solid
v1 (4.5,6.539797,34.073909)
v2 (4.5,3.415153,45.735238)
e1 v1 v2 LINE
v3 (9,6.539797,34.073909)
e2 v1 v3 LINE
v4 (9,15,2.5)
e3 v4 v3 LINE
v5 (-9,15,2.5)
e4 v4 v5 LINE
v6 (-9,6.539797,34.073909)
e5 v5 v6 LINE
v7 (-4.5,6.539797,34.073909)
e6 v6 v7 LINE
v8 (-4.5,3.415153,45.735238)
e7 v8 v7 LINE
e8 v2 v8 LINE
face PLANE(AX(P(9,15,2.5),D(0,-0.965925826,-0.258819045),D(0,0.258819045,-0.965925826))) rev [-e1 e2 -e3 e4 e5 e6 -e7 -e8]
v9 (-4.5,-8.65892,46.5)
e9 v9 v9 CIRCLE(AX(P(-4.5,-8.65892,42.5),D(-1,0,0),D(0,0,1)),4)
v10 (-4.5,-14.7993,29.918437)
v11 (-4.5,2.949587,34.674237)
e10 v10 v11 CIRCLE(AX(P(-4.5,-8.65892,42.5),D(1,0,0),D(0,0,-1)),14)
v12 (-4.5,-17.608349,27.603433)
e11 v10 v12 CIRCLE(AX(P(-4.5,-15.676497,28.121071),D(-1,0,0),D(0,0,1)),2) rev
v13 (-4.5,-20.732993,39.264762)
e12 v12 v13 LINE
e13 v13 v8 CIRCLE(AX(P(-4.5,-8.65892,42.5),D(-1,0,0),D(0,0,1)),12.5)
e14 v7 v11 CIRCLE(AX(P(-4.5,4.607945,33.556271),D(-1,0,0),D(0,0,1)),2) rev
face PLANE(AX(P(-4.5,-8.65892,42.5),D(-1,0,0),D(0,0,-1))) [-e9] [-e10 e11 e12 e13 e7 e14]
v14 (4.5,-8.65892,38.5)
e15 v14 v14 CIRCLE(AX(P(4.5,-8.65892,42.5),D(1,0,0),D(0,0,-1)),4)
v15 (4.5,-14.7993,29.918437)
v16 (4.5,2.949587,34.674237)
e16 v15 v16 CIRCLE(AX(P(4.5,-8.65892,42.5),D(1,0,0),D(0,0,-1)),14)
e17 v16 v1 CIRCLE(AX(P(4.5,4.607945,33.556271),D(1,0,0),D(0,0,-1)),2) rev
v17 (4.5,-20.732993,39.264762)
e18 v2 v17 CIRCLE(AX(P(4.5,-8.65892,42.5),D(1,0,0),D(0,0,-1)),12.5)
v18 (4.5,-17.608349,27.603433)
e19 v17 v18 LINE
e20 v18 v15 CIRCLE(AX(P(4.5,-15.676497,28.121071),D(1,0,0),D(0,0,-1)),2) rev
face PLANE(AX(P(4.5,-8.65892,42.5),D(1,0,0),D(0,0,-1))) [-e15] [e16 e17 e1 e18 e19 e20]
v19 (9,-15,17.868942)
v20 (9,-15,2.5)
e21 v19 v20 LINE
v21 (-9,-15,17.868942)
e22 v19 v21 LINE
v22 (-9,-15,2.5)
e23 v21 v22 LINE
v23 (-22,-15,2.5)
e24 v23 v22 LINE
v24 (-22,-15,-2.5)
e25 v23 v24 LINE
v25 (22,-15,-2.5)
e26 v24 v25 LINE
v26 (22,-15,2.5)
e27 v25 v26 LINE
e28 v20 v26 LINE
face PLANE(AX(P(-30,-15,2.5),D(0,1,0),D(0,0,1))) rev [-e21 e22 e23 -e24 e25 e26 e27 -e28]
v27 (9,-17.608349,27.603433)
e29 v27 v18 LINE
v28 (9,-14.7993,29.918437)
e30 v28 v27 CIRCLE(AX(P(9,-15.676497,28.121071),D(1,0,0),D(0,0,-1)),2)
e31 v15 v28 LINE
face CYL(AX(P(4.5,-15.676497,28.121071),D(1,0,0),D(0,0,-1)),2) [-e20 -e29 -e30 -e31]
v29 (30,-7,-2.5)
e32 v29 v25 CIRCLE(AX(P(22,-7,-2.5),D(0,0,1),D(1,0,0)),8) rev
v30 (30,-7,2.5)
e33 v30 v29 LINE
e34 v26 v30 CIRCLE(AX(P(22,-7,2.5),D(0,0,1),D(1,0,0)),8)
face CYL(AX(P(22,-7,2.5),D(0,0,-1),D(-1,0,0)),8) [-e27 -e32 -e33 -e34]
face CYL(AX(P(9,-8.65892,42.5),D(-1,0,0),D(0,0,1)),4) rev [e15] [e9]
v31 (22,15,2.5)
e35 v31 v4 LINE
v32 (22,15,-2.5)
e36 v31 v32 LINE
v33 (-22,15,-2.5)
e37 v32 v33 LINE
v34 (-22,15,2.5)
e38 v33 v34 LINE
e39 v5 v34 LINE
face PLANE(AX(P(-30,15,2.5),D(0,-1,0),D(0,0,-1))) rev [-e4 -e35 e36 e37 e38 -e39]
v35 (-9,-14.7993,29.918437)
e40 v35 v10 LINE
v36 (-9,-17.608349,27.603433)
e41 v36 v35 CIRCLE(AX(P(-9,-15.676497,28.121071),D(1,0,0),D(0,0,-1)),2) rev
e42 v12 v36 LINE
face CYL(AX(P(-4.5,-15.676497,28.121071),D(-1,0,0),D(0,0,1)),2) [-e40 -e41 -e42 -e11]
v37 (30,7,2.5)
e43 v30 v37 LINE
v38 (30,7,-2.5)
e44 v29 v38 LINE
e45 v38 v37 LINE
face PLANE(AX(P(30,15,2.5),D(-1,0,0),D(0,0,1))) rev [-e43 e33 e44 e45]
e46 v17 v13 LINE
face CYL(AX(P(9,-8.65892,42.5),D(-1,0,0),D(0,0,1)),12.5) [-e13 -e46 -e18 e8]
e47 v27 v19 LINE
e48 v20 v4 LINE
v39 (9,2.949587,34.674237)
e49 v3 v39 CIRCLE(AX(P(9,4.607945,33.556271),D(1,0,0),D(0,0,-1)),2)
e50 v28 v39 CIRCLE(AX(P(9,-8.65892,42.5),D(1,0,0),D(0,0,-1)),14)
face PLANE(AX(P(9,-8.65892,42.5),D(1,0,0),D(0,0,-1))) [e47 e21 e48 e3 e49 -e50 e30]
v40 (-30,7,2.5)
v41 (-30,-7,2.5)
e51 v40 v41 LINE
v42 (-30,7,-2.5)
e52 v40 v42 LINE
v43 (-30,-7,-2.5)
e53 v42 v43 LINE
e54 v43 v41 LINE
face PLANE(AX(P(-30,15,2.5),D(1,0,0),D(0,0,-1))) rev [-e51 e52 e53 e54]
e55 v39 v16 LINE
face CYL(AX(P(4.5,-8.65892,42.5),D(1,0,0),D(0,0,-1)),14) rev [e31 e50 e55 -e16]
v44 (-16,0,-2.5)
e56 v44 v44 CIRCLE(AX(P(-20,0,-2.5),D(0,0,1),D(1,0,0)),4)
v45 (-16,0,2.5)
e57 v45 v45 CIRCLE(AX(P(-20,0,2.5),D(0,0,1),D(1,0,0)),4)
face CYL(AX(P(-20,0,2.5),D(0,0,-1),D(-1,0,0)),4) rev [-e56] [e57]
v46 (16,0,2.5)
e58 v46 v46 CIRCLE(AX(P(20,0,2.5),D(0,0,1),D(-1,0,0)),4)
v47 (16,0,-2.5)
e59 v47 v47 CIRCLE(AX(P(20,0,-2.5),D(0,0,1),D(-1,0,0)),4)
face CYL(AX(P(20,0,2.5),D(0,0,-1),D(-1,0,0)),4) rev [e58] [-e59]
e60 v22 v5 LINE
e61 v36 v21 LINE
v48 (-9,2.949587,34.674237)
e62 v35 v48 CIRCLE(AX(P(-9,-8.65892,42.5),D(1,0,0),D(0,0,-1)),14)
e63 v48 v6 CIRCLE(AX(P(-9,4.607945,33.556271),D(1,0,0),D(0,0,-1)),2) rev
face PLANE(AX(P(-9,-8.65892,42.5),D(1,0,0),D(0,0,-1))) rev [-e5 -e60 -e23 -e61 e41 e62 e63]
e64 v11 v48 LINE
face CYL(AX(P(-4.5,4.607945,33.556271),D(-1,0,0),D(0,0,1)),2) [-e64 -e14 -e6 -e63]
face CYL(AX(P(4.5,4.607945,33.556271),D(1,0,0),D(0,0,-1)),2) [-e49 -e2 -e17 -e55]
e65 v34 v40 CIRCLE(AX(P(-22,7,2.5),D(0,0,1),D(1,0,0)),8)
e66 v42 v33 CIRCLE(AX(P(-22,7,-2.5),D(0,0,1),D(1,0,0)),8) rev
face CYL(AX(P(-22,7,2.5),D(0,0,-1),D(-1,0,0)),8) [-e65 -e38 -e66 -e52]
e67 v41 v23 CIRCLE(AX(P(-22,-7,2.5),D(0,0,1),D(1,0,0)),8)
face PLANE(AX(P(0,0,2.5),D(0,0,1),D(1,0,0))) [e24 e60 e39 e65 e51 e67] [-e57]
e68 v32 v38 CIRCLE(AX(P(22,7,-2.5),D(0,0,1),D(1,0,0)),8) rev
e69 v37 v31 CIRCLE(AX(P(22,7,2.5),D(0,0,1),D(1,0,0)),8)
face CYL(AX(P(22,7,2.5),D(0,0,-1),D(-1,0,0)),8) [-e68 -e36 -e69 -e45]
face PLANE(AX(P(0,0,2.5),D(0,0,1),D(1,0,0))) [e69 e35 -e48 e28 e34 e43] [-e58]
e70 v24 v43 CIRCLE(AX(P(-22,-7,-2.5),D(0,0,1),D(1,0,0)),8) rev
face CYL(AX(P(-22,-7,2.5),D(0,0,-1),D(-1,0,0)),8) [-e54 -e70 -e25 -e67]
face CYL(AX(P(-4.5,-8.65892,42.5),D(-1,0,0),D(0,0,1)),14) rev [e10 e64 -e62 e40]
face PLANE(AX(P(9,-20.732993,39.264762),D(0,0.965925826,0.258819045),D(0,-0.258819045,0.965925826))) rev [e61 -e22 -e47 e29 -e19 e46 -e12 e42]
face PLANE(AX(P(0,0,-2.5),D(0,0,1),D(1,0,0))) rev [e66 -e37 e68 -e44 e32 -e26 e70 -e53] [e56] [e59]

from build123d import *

# Parameters (mm, degrees)
SKETCH1_W            = 60
SKETCH1_H            = 30
SKETCH1_R            = 4
BOSS_EXTRUDE1_DEPTH  = 2.5
FILLET1_R            = 8
SKETCH3_R            = 4
BOSS_EXTRUDE2_DEPTH  = 9
SKETCH4_R            = 14
CUT_EXTRUDE1_DEPTH   = 4.5
FILLET2_R            = 2
FILLET2_OF_MIRROR1_R = 2


with BuildPart() as part:
    # Sketch1 → Boss-Extrude1 (new, symmetric)
    with BuildSketch(Plane.XY):
        Rectangle(SKETCH1_W, SKETCH1_H)
        with Locations((-20, 0)):
            Circle(SKETCH1_R, mode=Mode.SUBTRACT)
        with Locations(Location((20, 0, 0), (0, 0, 180))):
            Circle(SKETCH1_R, mode=Mode.SUBTRACT)
    extrude(amount=BOSS_EXTRUDE1_DEPTH, both=True)

    # Fillet1
    fillet1_edges = [part.edges().sort_by_distance(p)[0] for p in [
        (30, -15, 0),
        (-30, -15, 0),
        (-30, 15, 0),
        (30, 15, 0),
    ]]
    fillet(fillet1_edges, radius=FILLET1_R)

    # Sketch3 → Boss-Extrude2 (add, symmetric)
    with BuildSketch(Plane(origin=(0, 0, 0), x_dir=(0, 0, -1), z_dir=(1, 0, 0))):
        with BuildLine():
            Line((-2.5, 15), (-45.735238064, 3.415152876))
            ThreePointArc((-45.735238064, 3.415152876), (-54.574072829, -11.894158016), (-39.264761936, -20.732992781))
            Line((-39.264761936, -20.732992781), (-17.868941598, -15))
            Line((-17.868941598, -15), (-2.5, -15))
            Line((-2.5, -15), (-2.5, 15))
        make_face()
        with Locations((-42.5, -8.658919952)):
            Circle(SKETCH3_R, mode=Mode.SUBTRACT)
    extrude(amount=BOSS_EXTRUDE2_DEPTH, both=True)

    # Sketch4 → Cut-Extrude1 (cut)
    with BuildSketch(Plane(origin=(9, 0, 0), x_dir=(0, 0, -1), z_dir=(1, 0, 0))):
        with Locations((-42.5, -8.658919952)):
            Circle(SKETCH4_R)
    cut_extrude1 = extrude(amount=-CUT_EXTRUDE1_DEPTH, mode=Mode.SUBTRACT)

    # Fillet2
    fillet2_edges = [part.edges().sort_by_distance(p)[0] for p in [
        (6.75, -19.101200791, 33.174831321),
        (6.75, 5.046944867, 39.645307448),
    ]]
    fillet(fillet2_edges, radius=FILLET2_R)

    # Mirror1: Cut-Extrude1 across plane
    add(cut_extrude1.mirror(Plane(origin=(0, 0, 0), x_dir=(0, 0, 1), z_dir=(1, 0, 0))), mode=Mode.SUBTRACT)

    # Fillet2 of Mirror1
    fillet2_of_mirror1_edges = [part.edges().sort_by_distance(p)[0] for p in [
        (-6.75, -19.101200791, 33.174831321),
        (-6.75, 5.046944867, 39.645307448),
    ]]
    fillet(fillet2_of_mirror1_edges, radius=FILLET2_OF_MIRROR1_R)


solid = part.part
